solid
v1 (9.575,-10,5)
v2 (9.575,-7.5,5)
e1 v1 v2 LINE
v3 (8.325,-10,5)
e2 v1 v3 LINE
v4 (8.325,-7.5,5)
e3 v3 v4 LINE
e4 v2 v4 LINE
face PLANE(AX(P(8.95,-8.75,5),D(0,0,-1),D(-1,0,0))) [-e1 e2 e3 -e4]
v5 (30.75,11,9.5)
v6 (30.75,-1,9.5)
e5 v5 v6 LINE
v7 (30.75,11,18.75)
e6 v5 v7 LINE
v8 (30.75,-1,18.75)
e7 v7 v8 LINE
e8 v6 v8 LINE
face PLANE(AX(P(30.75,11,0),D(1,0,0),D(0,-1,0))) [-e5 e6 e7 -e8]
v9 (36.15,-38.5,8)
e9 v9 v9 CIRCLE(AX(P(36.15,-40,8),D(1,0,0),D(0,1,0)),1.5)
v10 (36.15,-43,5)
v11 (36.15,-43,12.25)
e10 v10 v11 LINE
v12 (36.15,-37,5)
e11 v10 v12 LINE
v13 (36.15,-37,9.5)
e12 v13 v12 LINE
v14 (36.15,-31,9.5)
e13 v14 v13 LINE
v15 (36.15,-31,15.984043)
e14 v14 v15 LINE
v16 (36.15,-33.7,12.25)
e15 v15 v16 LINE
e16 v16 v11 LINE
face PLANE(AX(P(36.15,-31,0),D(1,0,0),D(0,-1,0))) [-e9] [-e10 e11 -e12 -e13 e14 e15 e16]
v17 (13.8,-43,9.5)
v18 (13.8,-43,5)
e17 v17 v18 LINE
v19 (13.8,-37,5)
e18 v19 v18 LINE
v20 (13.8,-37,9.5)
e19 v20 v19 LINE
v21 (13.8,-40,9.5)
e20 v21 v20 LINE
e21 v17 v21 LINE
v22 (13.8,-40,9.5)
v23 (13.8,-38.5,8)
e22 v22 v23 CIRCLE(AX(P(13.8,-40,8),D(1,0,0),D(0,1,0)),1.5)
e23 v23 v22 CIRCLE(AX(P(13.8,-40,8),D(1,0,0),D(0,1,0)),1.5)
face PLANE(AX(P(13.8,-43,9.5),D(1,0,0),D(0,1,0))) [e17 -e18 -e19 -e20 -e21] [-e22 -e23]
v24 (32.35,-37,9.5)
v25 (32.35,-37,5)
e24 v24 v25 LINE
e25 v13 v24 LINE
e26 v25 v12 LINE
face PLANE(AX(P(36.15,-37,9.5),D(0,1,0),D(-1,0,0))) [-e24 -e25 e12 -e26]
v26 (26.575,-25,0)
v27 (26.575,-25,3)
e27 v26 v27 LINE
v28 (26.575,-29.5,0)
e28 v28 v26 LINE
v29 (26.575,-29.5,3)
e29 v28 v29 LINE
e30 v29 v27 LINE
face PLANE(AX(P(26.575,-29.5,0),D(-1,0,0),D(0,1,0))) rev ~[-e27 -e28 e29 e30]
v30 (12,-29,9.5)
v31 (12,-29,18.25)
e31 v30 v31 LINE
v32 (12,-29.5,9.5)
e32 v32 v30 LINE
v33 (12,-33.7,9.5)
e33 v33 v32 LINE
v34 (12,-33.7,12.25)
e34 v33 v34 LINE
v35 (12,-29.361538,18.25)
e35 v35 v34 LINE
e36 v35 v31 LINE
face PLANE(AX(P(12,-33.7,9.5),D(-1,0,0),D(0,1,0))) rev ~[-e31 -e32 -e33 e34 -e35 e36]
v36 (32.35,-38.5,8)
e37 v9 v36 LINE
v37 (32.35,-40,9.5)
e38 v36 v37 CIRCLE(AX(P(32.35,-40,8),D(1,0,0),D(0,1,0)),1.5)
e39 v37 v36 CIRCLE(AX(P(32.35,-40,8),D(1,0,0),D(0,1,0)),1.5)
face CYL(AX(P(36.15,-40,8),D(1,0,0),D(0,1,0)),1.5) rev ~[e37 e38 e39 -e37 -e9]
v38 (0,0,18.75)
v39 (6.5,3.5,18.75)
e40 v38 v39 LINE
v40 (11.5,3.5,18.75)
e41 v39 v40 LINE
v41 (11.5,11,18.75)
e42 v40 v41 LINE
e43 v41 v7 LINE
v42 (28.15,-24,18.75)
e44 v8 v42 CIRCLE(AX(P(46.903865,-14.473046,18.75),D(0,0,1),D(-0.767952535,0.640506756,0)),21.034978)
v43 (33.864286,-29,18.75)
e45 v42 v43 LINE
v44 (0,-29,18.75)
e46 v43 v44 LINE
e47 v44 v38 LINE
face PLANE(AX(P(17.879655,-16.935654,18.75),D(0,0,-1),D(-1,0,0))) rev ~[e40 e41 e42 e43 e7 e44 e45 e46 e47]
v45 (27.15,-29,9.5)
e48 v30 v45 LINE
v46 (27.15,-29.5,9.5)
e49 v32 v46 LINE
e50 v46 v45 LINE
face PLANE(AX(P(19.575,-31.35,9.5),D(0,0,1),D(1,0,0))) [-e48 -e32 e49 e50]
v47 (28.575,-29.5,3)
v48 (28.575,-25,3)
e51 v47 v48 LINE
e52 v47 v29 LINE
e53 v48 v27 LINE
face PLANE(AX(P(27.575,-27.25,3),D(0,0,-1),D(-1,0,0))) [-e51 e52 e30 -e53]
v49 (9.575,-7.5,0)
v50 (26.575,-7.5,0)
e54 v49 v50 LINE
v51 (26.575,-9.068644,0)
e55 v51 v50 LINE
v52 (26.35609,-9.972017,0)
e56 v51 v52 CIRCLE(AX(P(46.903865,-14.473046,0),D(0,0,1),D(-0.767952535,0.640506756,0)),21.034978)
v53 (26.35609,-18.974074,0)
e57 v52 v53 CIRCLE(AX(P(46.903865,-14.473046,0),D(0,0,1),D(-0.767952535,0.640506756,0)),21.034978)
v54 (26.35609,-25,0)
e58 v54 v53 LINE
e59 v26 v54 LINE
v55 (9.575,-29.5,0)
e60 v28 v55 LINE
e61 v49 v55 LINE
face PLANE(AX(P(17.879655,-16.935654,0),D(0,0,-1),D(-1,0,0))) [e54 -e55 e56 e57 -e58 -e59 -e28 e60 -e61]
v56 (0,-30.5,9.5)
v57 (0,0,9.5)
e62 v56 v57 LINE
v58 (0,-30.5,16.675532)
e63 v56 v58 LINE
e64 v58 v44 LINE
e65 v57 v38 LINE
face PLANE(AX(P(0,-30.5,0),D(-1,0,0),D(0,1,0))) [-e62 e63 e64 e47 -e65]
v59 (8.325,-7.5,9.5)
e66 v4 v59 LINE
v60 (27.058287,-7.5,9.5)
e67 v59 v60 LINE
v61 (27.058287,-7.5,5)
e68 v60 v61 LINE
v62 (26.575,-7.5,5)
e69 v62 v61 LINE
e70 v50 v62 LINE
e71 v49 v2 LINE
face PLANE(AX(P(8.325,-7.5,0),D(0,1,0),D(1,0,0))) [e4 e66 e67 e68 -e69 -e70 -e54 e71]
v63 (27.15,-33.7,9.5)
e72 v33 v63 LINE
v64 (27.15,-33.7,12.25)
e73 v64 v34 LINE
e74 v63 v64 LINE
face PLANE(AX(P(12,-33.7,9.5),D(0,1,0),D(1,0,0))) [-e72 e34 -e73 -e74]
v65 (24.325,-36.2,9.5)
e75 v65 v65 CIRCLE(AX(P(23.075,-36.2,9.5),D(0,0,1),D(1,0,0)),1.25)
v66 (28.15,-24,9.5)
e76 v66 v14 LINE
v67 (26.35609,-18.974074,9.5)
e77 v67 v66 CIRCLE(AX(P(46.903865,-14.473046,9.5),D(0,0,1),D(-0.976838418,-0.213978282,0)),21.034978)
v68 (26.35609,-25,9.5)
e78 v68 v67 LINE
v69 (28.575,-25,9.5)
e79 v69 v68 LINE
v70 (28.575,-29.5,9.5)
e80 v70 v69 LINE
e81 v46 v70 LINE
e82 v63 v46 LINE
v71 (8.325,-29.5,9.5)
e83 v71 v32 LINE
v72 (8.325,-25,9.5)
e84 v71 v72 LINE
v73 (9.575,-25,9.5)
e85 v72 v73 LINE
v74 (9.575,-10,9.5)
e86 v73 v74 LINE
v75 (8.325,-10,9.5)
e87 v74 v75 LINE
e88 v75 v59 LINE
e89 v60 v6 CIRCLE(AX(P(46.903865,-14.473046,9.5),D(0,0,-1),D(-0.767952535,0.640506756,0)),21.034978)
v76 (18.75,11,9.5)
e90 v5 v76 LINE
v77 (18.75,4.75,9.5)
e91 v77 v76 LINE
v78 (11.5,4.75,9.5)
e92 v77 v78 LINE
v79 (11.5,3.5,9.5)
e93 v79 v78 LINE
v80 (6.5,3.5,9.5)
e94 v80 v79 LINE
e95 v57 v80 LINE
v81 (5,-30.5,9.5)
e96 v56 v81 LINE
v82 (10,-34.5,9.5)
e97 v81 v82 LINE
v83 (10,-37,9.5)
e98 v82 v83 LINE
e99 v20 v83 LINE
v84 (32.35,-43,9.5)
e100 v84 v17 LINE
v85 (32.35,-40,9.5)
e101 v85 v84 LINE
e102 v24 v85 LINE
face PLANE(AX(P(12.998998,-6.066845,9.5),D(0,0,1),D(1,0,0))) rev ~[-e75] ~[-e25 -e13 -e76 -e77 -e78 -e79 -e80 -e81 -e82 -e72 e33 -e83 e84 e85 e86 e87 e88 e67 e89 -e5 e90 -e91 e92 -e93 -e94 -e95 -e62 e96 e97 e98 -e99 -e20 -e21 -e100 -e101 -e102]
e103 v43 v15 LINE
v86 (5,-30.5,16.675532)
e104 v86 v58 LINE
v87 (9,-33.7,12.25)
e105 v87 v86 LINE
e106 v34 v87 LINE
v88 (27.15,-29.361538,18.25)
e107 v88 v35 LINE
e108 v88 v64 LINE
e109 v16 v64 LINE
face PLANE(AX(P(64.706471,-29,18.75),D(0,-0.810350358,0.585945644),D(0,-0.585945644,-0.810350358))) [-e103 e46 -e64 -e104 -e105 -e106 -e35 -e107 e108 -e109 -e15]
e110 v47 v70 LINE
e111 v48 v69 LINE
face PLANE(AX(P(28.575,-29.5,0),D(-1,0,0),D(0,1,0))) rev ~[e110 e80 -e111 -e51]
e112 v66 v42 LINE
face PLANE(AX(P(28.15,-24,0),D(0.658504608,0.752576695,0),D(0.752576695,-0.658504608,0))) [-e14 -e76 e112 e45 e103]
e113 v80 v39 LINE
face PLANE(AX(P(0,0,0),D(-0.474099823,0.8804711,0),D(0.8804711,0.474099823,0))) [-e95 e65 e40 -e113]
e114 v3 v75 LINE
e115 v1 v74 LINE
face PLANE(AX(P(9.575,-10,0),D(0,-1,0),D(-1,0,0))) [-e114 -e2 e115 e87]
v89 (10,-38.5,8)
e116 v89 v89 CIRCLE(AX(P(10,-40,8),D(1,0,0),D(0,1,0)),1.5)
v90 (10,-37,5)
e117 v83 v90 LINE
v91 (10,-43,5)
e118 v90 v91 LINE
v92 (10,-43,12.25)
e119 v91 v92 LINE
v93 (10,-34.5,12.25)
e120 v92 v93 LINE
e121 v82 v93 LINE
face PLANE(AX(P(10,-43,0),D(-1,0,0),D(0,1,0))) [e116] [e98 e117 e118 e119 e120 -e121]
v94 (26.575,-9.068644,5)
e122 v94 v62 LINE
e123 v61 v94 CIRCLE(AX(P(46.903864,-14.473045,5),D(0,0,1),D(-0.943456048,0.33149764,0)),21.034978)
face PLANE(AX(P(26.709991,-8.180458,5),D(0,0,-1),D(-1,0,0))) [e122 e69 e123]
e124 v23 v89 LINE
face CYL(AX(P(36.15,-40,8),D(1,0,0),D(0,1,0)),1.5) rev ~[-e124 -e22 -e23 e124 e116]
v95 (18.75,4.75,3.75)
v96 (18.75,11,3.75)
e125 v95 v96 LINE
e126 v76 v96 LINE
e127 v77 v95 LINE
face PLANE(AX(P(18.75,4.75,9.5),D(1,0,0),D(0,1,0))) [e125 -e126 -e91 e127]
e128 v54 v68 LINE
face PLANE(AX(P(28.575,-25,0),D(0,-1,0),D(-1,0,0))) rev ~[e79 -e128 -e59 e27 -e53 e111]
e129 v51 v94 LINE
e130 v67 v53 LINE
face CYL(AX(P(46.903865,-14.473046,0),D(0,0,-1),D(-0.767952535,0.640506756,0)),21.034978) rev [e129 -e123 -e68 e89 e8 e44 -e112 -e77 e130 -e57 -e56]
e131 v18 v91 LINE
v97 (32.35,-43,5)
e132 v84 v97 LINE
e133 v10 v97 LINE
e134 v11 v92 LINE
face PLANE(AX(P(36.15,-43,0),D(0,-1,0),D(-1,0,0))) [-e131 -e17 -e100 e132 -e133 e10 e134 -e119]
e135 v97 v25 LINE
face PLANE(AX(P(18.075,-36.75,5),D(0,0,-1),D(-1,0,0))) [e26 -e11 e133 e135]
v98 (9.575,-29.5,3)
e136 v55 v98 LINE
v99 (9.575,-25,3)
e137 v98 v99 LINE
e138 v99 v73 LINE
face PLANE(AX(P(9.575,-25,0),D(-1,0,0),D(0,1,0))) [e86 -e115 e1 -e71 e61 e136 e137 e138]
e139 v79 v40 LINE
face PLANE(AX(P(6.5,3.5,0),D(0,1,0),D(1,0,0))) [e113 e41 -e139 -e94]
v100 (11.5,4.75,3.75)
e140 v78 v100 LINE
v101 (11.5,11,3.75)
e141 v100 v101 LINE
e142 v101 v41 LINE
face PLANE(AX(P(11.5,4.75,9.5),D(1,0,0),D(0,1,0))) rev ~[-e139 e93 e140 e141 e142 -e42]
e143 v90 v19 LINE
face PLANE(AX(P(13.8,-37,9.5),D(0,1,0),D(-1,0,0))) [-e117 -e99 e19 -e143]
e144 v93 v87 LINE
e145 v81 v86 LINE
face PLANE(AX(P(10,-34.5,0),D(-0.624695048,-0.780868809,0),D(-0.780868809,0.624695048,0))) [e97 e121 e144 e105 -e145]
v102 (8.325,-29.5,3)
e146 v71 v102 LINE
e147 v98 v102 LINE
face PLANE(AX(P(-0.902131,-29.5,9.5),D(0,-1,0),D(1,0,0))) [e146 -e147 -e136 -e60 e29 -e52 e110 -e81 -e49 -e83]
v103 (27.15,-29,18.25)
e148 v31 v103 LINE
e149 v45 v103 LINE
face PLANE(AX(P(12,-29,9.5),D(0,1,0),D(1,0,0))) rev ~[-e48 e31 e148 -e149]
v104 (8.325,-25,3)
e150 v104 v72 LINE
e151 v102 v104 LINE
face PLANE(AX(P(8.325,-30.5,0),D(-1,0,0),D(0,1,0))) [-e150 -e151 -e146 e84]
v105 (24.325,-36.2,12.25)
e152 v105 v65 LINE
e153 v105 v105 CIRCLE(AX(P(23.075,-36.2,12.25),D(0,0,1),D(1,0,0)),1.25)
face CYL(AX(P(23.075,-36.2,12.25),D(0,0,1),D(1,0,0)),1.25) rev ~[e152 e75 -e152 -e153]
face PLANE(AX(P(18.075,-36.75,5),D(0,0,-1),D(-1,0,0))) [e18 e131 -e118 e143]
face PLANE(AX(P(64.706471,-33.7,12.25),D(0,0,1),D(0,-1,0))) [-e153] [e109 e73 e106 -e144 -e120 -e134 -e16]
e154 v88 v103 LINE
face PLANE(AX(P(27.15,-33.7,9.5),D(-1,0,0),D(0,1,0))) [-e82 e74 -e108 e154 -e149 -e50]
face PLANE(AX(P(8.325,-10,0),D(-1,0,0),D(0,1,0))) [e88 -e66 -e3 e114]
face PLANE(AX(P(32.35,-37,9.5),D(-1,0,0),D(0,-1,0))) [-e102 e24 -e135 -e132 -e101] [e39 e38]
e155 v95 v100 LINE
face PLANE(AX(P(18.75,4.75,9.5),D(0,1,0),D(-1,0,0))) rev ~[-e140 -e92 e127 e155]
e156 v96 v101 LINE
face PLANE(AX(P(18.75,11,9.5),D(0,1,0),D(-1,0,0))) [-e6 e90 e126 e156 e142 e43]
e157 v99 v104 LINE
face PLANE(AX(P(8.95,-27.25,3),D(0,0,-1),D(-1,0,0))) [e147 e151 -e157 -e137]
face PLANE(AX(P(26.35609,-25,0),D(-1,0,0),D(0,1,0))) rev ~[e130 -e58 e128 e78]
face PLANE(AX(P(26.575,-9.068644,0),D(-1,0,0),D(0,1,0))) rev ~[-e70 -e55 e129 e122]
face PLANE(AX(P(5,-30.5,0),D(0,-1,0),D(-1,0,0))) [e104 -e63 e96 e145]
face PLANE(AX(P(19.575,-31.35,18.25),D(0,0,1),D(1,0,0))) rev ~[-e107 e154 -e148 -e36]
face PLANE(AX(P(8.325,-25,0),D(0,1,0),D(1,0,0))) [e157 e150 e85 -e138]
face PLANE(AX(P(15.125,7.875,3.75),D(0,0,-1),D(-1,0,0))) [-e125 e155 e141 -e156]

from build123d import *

# Parameters (mm, degrees)
BOSS_EXTRUDE1_DEPTH      = 18.75
SKETCH4_W                = 36.15
SKETCH4_H                = 12.5
CUT_EXTRUDE1_DEPTH       = 5
CUT_EXTRUDE2_DEPTH       = 6
CUT_EXTRUDE2_DEPTH_BACK  = 4.5
SKETCH6_R                = 1.5
CUT_EXTRUDE3_DEPTH       = 60.223179584
SKETCH7_W                = 2
SKETCH7_H                = 4.5
SKETCH7_W_2              = 1.25
CUT_EXTRUDE4_DEPTH       = 3
SKETCH7_3_W              = 1.25
SKETCH7_3_H              = 2.5
CUT_EXTRUDE5_DEPTH       = 5
CUT_EXTRUDE6_DEPTH       = 9.5
SKETCH9_W                = 7.25
SKETCH9_H                = 6.25
BOSS_EXTRUDE2_DEPTH      = 5.75
CUT_EXTRUDE7_DEPTH       = 9.5
CUT_EXTRUDE8_DEPTH       = 12
CUT_EXTRUDE8_DEPTH_BACK  = 54.706470746
CUT_EXTRUDE11_DEPTH      = 6
CUT_EXTRUDE11_DEPTH_BACK = 2.75
SKETCH12_W               = 15.15
SKETCH12_H               = 4.7
SKETCH13_R               = 1.25
CUT_EXTRUDE12_DEPTH      = 58.496825999


with BuildPart() as part:
    # Sketch1 → Boss-Extrude1 (new body)
    with BuildSketch(Plane.XY):
        with BuildLine():
            Line((11.5, 3.5), (11.5, 11))
            Line((11.5, 11), (30.75, 11))
            Line((30.75, 11), (30.75, -1))
            ThreePointArc((30.75, -1), (26.002013283, -12.110227589), (28.15, -24))
            Line((28.15, -24), (36.15, -31))
            Line((36.15, -31), (36.15, -43))
            Line((36.15, -43), (10, -43))
            Line((10, -43), (10, -34.5))
            Line((10, -34.5), (5, -30.5))
            Line((5, -30.5), (0, -30.5))
            Line((0, -30.5), (0, 0))
            Line((0, 0), (6.5, 3.5))
            Line((6.5, 3.5), (11.5, 3.5))
        make_face()
    extrude(amount=BOSS_EXTRUDE1_DEPTH)

    # Sketch4 → Cut-Extrude1 (cut)
    with BuildSketch(Plane(origin=(0, 0, 0), x_dir=(-1, 0, 0), z_dir=(0, 0, -1))):
        with Locations((-18.075, -36.75)):
            Rectangle(SKETCH4_W, SKETCH4_H)
    extrude(amount=-CUT_EXTRUDE1_DEPTH, mode=Mode.SUBTRACT)

    # Sketch5 → Cut-Extrude2 (cut, two sides: drawn at the far end of the back side and taken through both)
    with BuildSketch(Plane(origin=(0, 0, 5), x_dir=(-1, 0, 0), z_dir=(0, 0, -1)).offset(-CUT_EXTRUDE2_DEPTH_BACK)):
        Polygon((-32.35, -43), (-13.8, -43), (-13.8, -37), (0.902131261, -37), (0.902131261, -29.5), (-36.15, -29.5), (-36.15, -37), (-32.35, -37), align=None)
    extrude(amount=CUT_EXTRUDE2_DEPTH + CUT_EXTRUDE2_DEPTH_BACK, mode=Mode.SUBTRACT)

    # Sketch6 → Cut-Extrude3 (cut, through all)
    with BuildSketch(Plane(origin=(36.15, 0, 0), x_dir=(0, 0, -1), z_dir=(1, 0, 0))):
        with Locations(Location((-8, -40, 0), (0, 0, 90))):
            Circle(SKETCH6_R)
    extrude(amount=-CUT_EXTRUDE3_DEPTH, mode=Mode.SUBTRACT)

    # Sketch7 → Cut-Extrude4 (cut)
    with BuildSketch(Plane(origin=(0, 0, 0), x_dir=(-1, 0, 0), z_dir=(0, 0, -1))):
        with Locations((-27.575, -27.25)):
            Rectangle(SKETCH7_W, SKETCH7_H)
        with Locations((-8.95, -27.25)):
            Rectangle(SKETCH7_W_2, SKETCH7_H)
    extrude(amount=-CUT_EXTRUDE4_DEPTH, mode=Mode.SUBTRACT)

    # Sketch7<3> → Cut-Extrude5 (cut)
    with BuildSketch(Plane(origin=(0, 0, 0), x_dir=(-1, 0, 0), z_dir=(0, 0, -1))):
        with Locations((-8.95, -8.75)):
            Rectangle(SKETCH7_3_W, SKETCH7_3_H)
        with BuildLine():
            ThreePointArc((-27.058287436, -7.5), (-26.801337311, -8.279605972), (-26.575, -9.068643524))
            Line((-26.575, -9.068643524), (-26.575, -7.5))
            Line((-26.575, -7.5), (-27.058287436, -7.5))
        make_face()
    extrude(amount=-CUT_EXTRUDE5_DEPTH, mode=Mode.SUBTRACT)

    # Sketch8 → Cut-Extrude6 (cut)
    with BuildSketch(Plane(origin=(0, 0, 0), x_dir=(-1, 0, 0), z_dir=(0, 0, -1))):
        Polygon((-8.325, -10), (-8.325, -7.5), (-33.629917385, -7.5), (-33.629917385, 11), (0, 11), (0, -30.5), (-8.325, -30.5), (-8.325, -25), (-9.575, -25), (-9.575, -10), align=None)
    extrude(amount=-CUT_EXTRUDE6_DEPTH, mode=Mode.SUBTRACT)

    # Sketch9 → Boss-Extrude2 (add)
    with BuildSketch(Plane(origin=(0, 0, 9.5), x_dir=(-1, 0, 0), z_dir=(0, 0, -1))):
        with Locations((-15.125, 7.875)):
            Rectangle(SKETCH9_W, SKETCH9_H)
    extrude(amount=BOSS_EXTRUDE2_DEPTH)

    # Sketch10 → Cut-Extrude7 (cut)
    with BuildSketch(Plane(origin=(0, 0, 0), x_dir=(-1, 0, 0), z_dir=(0, 0, -1))):
        Polygon((-35.578571429, -29.5), (-28.575, -29.5), (-28.575, -25), (-26.356090024, -25), (-26.356090024, -9.972017094), (-27.488550882, -9.972017094), (-27.488550882, -22.567234298), (-35.578571429, -22.567234298), align=None)
    extrude(amount=-CUT_EXTRUDE7_DEPTH, mode=Mode.SUBTRACT)

    # Sketch11 → Cut-Extrude8 (cut, two sides: drawn at the far end of the back side and taken through both)
    with BuildSketch(Plane.ZY.offset(-10).offset(-CUT_EXTRUDE8_DEPTH_BACK)):
        Polygon((12.25, -43), (18.75, -43), (18.75, -29), (12.25, -33.7), align=None)
    extrude(amount=CUT_EXTRUDE8_DEPTH + CUT_EXTRUDE8_DEPTH_BACK, mode=Mode.SUBTRACT)

    # Sketch12 → Cut-Extrude11 (cut, two sides: drawn at the far end of the back side and taken through both)
    with BuildSketch(Plane.XY.offset(12.25).offset(-CUT_EXTRUDE11_DEPTH_BACK)):
        with Locations((19.575, -31.35)):
            Rectangle(SKETCH12_W, SKETCH12_H)
    extrude(amount=CUT_EXTRUDE11_DEPTH + CUT_EXTRUDE11_DEPTH_BACK, mode=Mode.SUBTRACT)

    # Sketch13 → Cut-Extrude12 (cut, through all)
    with BuildSketch(Plane.XY.offset(12.25)):
        with Locations((23.075, -36.2)):
            Circle(SKETCH13_R)
    extrude(amount=-CUT_EXTRUDE12_DEPTH, mode=Mode.SUBTRACT)


solid = part.part
